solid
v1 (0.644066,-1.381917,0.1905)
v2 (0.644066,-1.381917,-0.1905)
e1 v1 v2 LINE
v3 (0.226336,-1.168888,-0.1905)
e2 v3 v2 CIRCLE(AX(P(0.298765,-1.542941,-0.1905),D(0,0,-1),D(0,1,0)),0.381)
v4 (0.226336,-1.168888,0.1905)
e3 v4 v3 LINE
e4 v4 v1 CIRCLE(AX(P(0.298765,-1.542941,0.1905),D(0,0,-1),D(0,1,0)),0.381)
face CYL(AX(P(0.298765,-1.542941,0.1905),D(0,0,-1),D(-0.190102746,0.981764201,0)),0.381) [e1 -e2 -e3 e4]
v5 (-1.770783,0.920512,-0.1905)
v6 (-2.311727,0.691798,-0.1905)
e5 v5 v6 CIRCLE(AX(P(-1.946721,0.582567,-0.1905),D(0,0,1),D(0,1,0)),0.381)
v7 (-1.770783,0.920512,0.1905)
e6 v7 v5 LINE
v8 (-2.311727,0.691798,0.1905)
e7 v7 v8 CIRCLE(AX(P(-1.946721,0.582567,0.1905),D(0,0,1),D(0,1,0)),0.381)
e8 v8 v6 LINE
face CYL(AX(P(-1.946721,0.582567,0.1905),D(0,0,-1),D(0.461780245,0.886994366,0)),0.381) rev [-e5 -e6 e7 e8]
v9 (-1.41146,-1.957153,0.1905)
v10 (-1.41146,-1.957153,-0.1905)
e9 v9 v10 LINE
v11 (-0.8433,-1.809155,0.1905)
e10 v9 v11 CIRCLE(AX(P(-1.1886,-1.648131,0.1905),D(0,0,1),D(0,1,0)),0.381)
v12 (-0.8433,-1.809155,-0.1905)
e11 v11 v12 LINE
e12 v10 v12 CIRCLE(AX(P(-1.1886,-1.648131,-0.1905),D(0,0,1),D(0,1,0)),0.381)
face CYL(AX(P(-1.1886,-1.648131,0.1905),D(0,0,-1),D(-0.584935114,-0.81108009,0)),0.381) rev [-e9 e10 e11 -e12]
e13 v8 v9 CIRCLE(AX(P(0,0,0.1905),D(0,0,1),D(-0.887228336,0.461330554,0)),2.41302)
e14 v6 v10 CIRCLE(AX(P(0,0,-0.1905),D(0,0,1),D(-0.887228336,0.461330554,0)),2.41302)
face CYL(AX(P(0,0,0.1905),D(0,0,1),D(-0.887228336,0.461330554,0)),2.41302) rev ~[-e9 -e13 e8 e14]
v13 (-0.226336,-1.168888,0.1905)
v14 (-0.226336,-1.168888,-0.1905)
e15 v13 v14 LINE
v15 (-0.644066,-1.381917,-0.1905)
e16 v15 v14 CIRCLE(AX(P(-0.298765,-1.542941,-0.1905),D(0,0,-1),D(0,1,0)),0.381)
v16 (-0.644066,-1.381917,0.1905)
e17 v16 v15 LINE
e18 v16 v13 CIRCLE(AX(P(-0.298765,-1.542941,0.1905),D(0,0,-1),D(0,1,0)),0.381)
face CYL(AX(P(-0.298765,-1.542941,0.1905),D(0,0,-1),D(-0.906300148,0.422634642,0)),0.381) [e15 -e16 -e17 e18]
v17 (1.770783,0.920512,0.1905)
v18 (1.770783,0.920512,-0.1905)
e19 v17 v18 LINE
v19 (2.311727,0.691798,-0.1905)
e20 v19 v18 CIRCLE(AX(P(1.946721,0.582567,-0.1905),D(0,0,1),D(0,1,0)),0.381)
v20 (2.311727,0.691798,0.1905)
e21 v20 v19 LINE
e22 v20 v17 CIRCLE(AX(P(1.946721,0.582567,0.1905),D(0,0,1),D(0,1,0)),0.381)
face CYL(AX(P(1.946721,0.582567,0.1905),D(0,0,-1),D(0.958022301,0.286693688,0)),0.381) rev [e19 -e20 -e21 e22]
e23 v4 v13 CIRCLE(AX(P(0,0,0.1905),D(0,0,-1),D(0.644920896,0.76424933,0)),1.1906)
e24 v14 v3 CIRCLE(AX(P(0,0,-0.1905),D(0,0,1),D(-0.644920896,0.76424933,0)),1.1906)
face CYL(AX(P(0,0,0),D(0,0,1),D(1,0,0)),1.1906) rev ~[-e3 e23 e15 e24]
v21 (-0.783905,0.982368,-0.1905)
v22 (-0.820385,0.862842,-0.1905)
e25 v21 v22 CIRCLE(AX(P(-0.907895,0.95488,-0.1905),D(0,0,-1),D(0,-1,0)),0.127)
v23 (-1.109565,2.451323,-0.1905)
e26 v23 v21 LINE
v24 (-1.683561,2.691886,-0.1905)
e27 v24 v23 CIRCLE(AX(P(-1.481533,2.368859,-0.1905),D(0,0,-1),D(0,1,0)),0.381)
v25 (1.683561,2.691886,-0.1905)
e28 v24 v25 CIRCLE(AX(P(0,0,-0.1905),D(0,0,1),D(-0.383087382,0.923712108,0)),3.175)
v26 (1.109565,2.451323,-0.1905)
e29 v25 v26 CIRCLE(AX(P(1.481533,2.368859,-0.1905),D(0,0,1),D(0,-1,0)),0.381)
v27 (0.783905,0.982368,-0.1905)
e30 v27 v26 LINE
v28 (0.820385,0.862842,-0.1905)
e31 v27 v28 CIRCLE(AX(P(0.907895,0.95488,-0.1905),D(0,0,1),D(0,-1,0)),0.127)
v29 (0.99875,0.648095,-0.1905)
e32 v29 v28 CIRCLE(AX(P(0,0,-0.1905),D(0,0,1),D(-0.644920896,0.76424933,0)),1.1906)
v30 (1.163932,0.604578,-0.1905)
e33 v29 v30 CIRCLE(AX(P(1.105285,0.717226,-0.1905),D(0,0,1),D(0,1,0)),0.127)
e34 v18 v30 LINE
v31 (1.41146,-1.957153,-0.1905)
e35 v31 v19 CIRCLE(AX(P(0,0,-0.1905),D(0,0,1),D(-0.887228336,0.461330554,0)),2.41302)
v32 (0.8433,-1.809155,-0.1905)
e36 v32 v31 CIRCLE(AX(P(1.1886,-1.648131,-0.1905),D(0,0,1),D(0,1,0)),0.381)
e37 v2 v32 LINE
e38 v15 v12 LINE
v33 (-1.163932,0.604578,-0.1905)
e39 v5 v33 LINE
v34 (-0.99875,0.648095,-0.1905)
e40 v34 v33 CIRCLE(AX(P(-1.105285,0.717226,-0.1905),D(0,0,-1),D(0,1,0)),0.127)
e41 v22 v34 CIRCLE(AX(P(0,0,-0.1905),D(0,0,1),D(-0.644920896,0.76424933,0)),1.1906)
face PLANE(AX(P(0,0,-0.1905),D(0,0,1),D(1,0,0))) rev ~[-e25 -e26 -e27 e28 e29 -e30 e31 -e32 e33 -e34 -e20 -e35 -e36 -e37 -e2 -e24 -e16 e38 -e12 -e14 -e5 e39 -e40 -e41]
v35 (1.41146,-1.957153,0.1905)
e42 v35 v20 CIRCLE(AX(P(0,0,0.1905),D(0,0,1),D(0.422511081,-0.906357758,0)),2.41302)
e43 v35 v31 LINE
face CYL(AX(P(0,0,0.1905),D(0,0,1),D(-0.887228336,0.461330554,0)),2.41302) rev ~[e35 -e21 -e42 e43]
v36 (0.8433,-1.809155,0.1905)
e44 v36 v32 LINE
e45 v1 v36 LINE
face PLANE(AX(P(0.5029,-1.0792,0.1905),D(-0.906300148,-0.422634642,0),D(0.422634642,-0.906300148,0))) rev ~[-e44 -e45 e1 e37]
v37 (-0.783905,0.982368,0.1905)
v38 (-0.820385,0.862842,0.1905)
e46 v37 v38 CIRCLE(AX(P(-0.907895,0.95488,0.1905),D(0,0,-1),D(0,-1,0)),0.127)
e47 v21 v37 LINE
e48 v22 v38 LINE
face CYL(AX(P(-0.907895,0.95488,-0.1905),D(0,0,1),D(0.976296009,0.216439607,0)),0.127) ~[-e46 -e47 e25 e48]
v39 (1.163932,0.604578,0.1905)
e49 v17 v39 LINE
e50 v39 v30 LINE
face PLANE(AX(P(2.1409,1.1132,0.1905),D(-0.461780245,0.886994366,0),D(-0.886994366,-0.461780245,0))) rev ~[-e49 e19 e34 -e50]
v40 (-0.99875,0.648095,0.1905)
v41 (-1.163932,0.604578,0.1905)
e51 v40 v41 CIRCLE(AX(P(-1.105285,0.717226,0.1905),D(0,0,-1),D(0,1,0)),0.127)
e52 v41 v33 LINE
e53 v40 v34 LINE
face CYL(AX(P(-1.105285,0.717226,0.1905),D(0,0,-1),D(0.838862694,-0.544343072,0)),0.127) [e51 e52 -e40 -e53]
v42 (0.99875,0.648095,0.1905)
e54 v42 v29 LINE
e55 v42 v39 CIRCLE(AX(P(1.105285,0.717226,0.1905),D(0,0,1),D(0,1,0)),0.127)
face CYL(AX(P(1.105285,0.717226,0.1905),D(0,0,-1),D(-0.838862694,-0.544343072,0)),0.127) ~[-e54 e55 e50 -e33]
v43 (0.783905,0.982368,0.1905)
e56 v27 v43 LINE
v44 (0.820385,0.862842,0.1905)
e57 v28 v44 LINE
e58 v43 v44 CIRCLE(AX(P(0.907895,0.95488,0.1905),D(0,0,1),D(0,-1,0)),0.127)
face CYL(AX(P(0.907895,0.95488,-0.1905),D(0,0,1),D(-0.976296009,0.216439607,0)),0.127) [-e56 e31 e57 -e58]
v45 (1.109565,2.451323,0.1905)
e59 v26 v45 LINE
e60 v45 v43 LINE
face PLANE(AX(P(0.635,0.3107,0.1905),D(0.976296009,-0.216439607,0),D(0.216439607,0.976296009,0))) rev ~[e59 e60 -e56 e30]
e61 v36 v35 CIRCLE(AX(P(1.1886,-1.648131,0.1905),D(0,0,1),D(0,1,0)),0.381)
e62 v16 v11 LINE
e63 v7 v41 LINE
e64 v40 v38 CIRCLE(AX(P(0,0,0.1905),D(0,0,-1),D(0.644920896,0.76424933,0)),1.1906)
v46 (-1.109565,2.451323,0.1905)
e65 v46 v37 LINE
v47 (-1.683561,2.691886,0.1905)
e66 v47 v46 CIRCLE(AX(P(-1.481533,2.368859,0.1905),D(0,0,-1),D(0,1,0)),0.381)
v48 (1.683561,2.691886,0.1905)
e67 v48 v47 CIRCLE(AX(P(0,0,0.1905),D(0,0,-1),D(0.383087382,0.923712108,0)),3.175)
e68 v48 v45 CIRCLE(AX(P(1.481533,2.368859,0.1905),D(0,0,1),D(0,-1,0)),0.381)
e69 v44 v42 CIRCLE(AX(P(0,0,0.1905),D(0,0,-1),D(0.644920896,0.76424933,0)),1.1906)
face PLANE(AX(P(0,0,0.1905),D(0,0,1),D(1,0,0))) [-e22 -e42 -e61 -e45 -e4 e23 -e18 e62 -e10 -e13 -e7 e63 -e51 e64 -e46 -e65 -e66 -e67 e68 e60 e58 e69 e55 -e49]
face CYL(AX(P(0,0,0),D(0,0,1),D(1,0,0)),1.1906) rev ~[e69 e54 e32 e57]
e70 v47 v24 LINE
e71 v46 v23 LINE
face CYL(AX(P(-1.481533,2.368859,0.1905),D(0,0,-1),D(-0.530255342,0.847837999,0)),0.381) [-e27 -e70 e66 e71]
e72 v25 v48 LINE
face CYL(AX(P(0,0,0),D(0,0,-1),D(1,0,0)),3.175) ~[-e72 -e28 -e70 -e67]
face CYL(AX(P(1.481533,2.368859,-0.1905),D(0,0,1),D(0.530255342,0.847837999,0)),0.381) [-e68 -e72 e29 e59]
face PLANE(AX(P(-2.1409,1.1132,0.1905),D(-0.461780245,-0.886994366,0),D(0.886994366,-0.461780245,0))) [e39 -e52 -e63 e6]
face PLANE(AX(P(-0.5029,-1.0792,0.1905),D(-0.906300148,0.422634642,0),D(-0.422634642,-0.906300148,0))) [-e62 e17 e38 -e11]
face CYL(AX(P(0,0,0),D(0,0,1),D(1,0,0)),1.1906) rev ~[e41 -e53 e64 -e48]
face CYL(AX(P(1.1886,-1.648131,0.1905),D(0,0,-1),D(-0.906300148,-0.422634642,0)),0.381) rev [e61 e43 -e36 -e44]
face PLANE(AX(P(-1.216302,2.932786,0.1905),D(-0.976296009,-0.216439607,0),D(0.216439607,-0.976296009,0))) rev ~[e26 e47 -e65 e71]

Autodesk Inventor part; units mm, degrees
ref_plane "YZ Plane" through (0, 0, 0) normal (1, 0, 0) x (0, 1, 0)
ref_plane "XZ Plane" through (0, 0, 0) normal (0, 1, 0) x (-1, 0, 0)
ref_plane "XY Plane" through (0, 0, 0) normal (0, 0, 1) x (1, 0, 0)
sketch "Sketch1" plane through (0, 0, 0) normal (0, 0, 1) x (1, 0, 0)
  circle A0 centre (0, 0) radius 1.1906
  circle A1 centre (0, 0) radius 3.175
  dimension "d0" = 2.3813
  dimension "d1" = 6.35
extrude "Extrusion1" add sketch "Sketch1" along normal mid plane 0.381
sketch "Sketch2" plane through (0, 0, 0.1905) normal (0, 0, 1) x (1, 0, 0)
  circle A0 centre (0, 0) radius 1.1906 construction
  circle A1 centre (0, 0) radius 3.175 projected
  line L0 (0, -4.445) -> (0, 4.445) projected
  line L1 (-4.445, 0) -> (4.445, 0) projected
  circle A2 centre (0, 0) radius 1.1906 construction
  line L2 (-0.635, 0.3107) -> (0.635, 0.3107)
  line L3 (0.635, 0.3107) -> (1.27, 3.175)
  line L4 (1.27, 3.175) -> (-1.27, 3.175)
  line L5 (-1.27, 3.175) -> (-0.635, 0.3107)
  circle A3 centre (0, 0) radius 3.175 projected
  dimension "d4" = 1.27
  dimension "d5" = 2.54
  dimension "d6" = 25
extrude "Extrusion2" cut sketch "Sketch2" against normal through all contours L3 L2 L0 A1 | A1 L4 L3 | L0 L2 L5 A1 | A1 L5 L4
sketch "Sketch3" plane through (0, 0, 0.1905) normal (0, 0, 1) x (1, 0, 0)
  arc A0 (-1.2163, 2.9328) -> (1.2163, 2.9328) centre (0, 0) ccw projected
  arc A1 (-2.1409, 1.1132) -> (2.1409, 1.1132) centre (0, 0) ccw
  line L0 (-4.445, 0) -> (4.445, 0) projected
  line L1 (0, -4.3966) -> (0, 4.1543) projected
  line L2 (-2.1409, 1.1132) -> (-1.0566, 0.5487)
  arc A2 (-0.7678, 0.9099) -> (0.7678, 0.9099) centre (0, 0) ccw projected
  line L3 (2.1409, 1.1132) -> (1.0566, 0.5487)
  line L4 (-0.7678, 0.9099) -> (-1.2163, 2.9328) projected
  line L5 (-0.5029, -1.0792) -> (-1.0195, -2.187)
  line L6 (0.5029, -1.0792) -> (1.0195, -2.187)
  dimension "d9" = 0.762
  dimension "d10" = 50
  dimension "d11" = 50
  dimension "d12" = 2.1133
  dimension "d13" = 1.0058
extrude "Extrusion3" cut sketch "Sketch3" against normal through all contours L0 A2 L5 A1 | A1 L2 A2 L0 | L0 A2 L3 A1 | A1 L6 A2 L0
fillet "Fillet1" radius 0.381 8 edges at (-1.2163, 2.9328, 0) (1.2163, 2.9328, 0) (-2.1409, 1.1132, 0) (2.1409, 1.1132, 0) (-1.0195, -2.187, 0) (1.0195, -2.187, 0) (0.5029, -1.0792, 0) (-0.5029, -1.0792, 0)
fillet "Fillet2" radius 0.127 4 edges at (-0.7678, 0.9099, 0) (-1.0566, 0.5487, 0) (0.7678, 0.9099, 0) (1.0566, 0.5487, 0)
properties part number "E-Clip"
